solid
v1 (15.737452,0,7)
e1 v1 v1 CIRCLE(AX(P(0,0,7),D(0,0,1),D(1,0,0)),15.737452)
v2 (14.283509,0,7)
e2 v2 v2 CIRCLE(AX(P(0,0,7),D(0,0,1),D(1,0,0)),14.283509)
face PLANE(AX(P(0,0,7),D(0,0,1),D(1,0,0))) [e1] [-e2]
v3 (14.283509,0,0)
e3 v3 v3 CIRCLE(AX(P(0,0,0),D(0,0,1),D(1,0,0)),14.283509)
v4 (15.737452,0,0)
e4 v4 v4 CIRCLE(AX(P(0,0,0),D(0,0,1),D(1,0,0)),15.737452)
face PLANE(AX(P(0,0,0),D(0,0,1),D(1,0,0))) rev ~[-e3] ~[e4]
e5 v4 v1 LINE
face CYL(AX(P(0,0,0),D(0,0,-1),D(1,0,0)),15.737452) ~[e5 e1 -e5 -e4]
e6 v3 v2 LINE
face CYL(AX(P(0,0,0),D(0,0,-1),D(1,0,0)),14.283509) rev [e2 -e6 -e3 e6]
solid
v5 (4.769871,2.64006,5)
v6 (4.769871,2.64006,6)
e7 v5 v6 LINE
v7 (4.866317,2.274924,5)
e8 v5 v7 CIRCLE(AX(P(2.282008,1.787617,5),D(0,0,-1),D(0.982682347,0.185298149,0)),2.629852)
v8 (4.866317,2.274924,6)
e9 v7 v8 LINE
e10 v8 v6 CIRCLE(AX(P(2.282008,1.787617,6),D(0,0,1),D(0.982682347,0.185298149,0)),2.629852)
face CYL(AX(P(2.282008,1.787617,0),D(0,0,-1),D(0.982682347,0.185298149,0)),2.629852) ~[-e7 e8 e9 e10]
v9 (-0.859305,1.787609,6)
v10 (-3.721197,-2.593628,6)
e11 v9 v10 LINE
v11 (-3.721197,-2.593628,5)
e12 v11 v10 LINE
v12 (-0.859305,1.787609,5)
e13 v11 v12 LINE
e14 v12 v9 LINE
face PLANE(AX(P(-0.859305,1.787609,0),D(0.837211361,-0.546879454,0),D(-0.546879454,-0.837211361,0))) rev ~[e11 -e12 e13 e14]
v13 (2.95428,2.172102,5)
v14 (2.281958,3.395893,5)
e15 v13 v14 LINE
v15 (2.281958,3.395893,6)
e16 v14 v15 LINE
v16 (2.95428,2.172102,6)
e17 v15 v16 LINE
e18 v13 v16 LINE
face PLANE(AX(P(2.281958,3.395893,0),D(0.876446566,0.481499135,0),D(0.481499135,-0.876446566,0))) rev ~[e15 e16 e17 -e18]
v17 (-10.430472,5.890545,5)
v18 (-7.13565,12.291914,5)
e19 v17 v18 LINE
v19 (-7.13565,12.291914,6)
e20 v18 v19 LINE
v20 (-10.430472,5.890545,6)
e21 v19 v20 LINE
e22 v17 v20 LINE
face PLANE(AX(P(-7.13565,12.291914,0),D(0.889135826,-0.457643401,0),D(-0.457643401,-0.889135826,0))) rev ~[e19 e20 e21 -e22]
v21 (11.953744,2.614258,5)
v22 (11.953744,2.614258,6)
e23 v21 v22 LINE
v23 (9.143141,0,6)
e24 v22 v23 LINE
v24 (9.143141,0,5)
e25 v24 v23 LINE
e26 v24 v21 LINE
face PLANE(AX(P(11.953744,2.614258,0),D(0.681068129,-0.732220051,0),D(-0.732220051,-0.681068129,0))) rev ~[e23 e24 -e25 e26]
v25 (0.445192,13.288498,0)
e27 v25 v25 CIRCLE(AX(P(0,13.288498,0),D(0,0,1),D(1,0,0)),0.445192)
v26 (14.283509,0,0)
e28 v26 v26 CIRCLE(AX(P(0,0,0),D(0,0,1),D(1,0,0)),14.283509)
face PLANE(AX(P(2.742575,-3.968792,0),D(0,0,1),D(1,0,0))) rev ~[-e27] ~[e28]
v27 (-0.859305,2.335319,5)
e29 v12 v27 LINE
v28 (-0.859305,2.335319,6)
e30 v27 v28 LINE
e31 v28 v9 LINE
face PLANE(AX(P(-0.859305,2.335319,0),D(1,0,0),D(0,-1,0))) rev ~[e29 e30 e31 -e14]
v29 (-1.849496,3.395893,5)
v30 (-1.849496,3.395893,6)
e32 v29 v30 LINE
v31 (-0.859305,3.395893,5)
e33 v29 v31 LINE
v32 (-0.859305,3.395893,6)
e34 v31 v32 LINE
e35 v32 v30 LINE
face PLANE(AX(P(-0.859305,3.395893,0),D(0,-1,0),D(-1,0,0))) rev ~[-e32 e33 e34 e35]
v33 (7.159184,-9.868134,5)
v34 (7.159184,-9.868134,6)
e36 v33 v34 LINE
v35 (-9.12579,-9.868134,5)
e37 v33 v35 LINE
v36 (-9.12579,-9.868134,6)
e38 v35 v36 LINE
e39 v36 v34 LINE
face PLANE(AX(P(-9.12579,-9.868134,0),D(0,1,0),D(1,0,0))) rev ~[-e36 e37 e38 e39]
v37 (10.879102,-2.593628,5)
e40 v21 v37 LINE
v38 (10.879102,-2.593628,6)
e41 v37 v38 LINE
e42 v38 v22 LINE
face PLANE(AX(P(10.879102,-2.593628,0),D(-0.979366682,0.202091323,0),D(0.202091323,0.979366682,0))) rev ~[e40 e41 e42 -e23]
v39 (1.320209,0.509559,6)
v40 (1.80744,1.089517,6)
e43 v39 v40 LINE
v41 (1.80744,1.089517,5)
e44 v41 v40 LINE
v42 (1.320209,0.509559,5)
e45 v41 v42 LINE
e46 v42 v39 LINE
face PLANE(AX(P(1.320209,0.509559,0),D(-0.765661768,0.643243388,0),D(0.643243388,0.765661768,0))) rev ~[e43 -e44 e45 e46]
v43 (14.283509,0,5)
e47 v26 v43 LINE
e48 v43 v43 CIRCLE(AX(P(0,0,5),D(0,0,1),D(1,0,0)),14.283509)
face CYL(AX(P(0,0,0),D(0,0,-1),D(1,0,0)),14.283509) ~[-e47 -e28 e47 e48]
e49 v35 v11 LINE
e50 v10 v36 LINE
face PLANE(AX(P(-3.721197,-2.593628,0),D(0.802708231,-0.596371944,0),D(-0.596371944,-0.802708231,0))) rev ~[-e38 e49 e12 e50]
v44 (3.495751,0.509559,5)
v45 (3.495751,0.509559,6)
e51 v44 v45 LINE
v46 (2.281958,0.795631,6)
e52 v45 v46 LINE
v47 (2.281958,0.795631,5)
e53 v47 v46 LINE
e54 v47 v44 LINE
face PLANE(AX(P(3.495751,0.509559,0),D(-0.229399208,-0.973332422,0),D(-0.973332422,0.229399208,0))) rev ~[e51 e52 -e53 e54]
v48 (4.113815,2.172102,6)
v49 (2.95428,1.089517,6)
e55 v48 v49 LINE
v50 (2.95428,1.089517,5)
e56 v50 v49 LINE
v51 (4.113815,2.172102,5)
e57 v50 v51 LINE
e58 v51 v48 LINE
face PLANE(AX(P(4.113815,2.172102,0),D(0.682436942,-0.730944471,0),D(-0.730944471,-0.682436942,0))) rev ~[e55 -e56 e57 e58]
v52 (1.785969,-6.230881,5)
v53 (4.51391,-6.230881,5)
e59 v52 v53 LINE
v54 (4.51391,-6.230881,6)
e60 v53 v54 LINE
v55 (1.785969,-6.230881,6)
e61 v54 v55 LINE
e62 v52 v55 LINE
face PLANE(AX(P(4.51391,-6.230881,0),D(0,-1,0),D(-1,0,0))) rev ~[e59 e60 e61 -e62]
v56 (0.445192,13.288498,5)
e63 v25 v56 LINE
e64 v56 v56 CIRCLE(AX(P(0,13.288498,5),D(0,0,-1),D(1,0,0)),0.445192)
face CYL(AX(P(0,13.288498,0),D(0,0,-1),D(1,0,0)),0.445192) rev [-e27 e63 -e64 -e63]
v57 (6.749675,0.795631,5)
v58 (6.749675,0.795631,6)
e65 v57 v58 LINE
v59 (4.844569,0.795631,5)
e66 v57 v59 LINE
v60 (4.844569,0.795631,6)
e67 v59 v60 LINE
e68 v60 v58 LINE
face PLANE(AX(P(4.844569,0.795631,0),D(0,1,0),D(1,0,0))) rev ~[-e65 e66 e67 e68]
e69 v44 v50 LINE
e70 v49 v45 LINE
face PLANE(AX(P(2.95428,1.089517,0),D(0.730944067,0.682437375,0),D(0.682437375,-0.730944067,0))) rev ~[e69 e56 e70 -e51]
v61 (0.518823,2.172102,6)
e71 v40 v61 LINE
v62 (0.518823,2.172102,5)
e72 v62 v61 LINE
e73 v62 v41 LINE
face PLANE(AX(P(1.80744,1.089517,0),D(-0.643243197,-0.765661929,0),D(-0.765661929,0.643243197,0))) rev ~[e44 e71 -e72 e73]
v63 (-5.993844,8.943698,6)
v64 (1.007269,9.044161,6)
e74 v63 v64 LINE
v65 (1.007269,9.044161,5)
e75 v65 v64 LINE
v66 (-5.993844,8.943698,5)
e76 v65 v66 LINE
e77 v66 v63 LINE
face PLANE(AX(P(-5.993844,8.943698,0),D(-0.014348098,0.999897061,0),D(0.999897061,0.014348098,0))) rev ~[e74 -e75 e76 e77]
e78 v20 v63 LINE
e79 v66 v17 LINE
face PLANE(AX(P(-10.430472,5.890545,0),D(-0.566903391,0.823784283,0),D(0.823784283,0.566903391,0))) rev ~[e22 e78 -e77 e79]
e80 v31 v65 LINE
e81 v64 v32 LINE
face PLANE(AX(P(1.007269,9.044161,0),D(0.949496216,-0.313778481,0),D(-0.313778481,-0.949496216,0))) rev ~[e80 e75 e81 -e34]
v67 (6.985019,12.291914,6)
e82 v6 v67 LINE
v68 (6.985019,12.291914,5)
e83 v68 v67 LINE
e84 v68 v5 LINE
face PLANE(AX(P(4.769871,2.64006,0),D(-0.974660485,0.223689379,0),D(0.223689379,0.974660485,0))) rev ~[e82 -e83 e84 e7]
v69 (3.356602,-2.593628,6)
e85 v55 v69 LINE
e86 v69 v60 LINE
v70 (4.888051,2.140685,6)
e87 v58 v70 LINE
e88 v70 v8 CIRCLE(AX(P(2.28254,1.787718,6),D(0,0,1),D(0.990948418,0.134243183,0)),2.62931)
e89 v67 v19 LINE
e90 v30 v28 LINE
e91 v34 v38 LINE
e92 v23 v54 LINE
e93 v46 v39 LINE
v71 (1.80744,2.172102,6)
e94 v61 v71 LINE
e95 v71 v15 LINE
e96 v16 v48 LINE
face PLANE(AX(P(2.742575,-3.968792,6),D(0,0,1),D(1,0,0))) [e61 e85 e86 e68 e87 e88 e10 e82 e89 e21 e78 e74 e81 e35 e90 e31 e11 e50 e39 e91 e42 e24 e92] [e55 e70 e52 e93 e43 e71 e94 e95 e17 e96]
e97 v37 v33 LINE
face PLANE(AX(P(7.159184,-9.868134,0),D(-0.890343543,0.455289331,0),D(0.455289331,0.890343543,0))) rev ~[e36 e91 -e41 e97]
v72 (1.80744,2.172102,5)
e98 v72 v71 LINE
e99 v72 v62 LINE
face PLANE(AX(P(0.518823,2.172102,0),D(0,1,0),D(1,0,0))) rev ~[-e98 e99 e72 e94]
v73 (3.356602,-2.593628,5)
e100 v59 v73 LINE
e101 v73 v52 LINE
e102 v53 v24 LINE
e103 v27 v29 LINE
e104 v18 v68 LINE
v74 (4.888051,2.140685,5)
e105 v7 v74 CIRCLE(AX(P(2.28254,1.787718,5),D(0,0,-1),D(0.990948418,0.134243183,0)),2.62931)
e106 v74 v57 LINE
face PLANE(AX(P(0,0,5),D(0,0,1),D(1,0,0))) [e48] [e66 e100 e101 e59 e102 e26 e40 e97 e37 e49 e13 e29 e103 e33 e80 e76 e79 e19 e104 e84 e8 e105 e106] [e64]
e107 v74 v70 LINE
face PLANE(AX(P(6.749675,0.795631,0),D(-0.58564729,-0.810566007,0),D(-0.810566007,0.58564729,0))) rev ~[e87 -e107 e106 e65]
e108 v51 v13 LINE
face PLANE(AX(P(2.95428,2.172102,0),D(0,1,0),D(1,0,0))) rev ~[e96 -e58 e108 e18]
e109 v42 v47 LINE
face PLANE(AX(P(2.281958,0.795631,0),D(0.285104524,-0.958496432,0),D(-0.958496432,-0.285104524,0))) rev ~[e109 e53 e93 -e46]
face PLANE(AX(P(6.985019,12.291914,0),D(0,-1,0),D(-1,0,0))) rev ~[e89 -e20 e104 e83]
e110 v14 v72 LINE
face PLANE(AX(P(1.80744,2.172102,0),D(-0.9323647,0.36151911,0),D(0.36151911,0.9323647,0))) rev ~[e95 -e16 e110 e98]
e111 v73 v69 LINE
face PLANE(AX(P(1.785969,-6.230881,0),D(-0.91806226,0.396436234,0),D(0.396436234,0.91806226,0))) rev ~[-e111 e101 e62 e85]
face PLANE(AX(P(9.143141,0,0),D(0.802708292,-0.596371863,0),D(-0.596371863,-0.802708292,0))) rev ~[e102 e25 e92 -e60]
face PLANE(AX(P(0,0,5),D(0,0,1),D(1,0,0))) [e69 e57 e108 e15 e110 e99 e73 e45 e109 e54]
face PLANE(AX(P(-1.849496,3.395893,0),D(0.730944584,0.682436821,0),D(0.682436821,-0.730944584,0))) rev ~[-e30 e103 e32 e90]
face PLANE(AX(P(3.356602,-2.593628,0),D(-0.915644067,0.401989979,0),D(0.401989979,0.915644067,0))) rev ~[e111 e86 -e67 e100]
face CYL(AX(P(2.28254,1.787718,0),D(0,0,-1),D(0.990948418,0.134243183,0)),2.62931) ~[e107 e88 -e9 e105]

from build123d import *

# Parameters (mm, degrees)
F0_R     = 15.737452
F0_R_2   = 14.283509
F1_DEPTH = 7
F2_DEPTH = 5
F4_DEPTH = 6
F5_R     = 0.445192
F6_DEPTH = 57


with BuildPart() as f1:
    # F0 (on Top) → F1 (new body)
    with BuildSketch(Plane.XY):
        Circle(F0_R)
        Circle(F0_R_2, mode=Mode.SUBTRACT)
    extrude(amount=F1_DEPTH)


with BuildPart() as f2:
    # F0 (on Top) → F2 (new body)
    with BuildSketch(Plane.XY):
        Circle(F0_R_2)
    extrude(amount=F2_DEPTH)

    # F3 (on Top) → F4 (join)
    with BuildSketch(Plane.XY):
        with BuildLine():
            Line((-3.721197, -2.593628), (-9.12579, -9.868134))
            Line((-9.12579, -9.868134), (7.159184, -9.868134))
            Line((7.159184, -9.868134), (10.879102, -2.593628))
            Line((10.879102, -2.593628), (11.953744, 2.614258))
            Line((11.953744, 2.614258), (9.143141, 0))
            Line((9.143141, 0), (4.51391, -6.230881))
            Line((4.51391, -6.230881), (1.785969, -6.230881))
            Line((1.785969, -6.230881), (3.356602, -2.593628))
            Line((3.356602, -2.593628), (4.844569, 0.795631))
            Line((4.844569, 0.795631), (6.749675, 0.795631))
            Line((6.749675, 0.795631), (4.888051, 2.140685))
            ThreePointArc((4.888051, 2.140685), (4.905901, 1.964548), (4.91186, 1.787609))
            ThreePointArc((4.91186, 1.787609), (2.281958, -0.842292), (-0.347943, 1.787609))
            Line((-0.347943, 1.787609), (-0.859305, 2.335319))
            Line((-0.859305, 2.335319), (-0.859305, 1.787609))
            Line((-0.859305, 1.787609), (-3.721197, -2.593628))
        make_face()
        with BuildLine():
            Line((-1.849496, 3.395893), (-0.859305, 2.335319))
            Line((-0.859305, 2.335319), (-0.347943, 1.787609))
            ThreePointArc((-0.347943, 1.787609), (1.849861, 4.381771), (4.769871, 2.64006))
            Line((4.769871, 2.64006), (6.985019, 12.291914))
            Line((6.985019, 12.291914), (5.902433, 12.291914))
            Line((5.902433, 12.291914), (-6.335478, 12.291914))
            Line((-6.335478, 12.291914), (-7.13565, 12.291914))
            Line((-7.13565, 12.291914), (-10.430472, 5.890545))
            Line((-10.430472, 5.890545), (-5.993844, 8.943698))
            Line((-5.993844, 8.943698), (1.007269, 9.044161))
            Line((1.007269, 9.044161), (-0.859305, 3.395893))
            Line((-0.859305, 3.395893), (-1.849496, 3.395893))
        make_face()
        with BuildLine():
            ThreePointArc((4.769871, 2.64006), (1.849861, 4.381771), (-0.347943, 1.787609))
            ThreePointArc((-0.347943, 1.787609), (2.281958, -0.842292), (4.91186, 1.787609))
            ThreePointArc((4.91186, 1.787609), (4.905901, 1.964548), (4.888051, 2.140685))
            Line((4.888051, 2.140685), (4.844569, 2.172102))
            Line((4.844569, 2.172102), (4.866317, 2.274924))
            ThreePointArc((4.866317, 2.274924), (4.824657, 2.459225), (4.769871, 2.64006))
        make_face()
        Polygon((1.320209, 0.509559), (1.80744, 1.089517), (0.518823, 2.172102), (1.80744, 2.172102), (2.281958, 3.395893), (2.95428, 2.172102), (4.113815, 2.172102), (2.95428, 1.089517), (3.495751, 0.509559), (2.281958, 0.795631), align=None, mode=Mode.SUBTRACT)
        with BuildLine():
            ThreePointArc((4.888051, 2.140685), (4.878052, 2.207945), (4.866317, 2.274924))
            Line((4.866317, 2.274924), (4.844569, 2.172102))
            Line((4.844569, 2.172102), (4.888051, 2.140685))
        make_face()
    extrude(amount=F4_DEPTH)

    # F5 (on Top) → F6 (cut)
    with BuildSketch(Plane.XY):
        with Locations((0, 13.288498)):
            Circle(F5_R)
    extrude(amount=F6_DEPTH, mode=Mode.SUBTRACT)


solid = Compound([f1.part, f2.part])
